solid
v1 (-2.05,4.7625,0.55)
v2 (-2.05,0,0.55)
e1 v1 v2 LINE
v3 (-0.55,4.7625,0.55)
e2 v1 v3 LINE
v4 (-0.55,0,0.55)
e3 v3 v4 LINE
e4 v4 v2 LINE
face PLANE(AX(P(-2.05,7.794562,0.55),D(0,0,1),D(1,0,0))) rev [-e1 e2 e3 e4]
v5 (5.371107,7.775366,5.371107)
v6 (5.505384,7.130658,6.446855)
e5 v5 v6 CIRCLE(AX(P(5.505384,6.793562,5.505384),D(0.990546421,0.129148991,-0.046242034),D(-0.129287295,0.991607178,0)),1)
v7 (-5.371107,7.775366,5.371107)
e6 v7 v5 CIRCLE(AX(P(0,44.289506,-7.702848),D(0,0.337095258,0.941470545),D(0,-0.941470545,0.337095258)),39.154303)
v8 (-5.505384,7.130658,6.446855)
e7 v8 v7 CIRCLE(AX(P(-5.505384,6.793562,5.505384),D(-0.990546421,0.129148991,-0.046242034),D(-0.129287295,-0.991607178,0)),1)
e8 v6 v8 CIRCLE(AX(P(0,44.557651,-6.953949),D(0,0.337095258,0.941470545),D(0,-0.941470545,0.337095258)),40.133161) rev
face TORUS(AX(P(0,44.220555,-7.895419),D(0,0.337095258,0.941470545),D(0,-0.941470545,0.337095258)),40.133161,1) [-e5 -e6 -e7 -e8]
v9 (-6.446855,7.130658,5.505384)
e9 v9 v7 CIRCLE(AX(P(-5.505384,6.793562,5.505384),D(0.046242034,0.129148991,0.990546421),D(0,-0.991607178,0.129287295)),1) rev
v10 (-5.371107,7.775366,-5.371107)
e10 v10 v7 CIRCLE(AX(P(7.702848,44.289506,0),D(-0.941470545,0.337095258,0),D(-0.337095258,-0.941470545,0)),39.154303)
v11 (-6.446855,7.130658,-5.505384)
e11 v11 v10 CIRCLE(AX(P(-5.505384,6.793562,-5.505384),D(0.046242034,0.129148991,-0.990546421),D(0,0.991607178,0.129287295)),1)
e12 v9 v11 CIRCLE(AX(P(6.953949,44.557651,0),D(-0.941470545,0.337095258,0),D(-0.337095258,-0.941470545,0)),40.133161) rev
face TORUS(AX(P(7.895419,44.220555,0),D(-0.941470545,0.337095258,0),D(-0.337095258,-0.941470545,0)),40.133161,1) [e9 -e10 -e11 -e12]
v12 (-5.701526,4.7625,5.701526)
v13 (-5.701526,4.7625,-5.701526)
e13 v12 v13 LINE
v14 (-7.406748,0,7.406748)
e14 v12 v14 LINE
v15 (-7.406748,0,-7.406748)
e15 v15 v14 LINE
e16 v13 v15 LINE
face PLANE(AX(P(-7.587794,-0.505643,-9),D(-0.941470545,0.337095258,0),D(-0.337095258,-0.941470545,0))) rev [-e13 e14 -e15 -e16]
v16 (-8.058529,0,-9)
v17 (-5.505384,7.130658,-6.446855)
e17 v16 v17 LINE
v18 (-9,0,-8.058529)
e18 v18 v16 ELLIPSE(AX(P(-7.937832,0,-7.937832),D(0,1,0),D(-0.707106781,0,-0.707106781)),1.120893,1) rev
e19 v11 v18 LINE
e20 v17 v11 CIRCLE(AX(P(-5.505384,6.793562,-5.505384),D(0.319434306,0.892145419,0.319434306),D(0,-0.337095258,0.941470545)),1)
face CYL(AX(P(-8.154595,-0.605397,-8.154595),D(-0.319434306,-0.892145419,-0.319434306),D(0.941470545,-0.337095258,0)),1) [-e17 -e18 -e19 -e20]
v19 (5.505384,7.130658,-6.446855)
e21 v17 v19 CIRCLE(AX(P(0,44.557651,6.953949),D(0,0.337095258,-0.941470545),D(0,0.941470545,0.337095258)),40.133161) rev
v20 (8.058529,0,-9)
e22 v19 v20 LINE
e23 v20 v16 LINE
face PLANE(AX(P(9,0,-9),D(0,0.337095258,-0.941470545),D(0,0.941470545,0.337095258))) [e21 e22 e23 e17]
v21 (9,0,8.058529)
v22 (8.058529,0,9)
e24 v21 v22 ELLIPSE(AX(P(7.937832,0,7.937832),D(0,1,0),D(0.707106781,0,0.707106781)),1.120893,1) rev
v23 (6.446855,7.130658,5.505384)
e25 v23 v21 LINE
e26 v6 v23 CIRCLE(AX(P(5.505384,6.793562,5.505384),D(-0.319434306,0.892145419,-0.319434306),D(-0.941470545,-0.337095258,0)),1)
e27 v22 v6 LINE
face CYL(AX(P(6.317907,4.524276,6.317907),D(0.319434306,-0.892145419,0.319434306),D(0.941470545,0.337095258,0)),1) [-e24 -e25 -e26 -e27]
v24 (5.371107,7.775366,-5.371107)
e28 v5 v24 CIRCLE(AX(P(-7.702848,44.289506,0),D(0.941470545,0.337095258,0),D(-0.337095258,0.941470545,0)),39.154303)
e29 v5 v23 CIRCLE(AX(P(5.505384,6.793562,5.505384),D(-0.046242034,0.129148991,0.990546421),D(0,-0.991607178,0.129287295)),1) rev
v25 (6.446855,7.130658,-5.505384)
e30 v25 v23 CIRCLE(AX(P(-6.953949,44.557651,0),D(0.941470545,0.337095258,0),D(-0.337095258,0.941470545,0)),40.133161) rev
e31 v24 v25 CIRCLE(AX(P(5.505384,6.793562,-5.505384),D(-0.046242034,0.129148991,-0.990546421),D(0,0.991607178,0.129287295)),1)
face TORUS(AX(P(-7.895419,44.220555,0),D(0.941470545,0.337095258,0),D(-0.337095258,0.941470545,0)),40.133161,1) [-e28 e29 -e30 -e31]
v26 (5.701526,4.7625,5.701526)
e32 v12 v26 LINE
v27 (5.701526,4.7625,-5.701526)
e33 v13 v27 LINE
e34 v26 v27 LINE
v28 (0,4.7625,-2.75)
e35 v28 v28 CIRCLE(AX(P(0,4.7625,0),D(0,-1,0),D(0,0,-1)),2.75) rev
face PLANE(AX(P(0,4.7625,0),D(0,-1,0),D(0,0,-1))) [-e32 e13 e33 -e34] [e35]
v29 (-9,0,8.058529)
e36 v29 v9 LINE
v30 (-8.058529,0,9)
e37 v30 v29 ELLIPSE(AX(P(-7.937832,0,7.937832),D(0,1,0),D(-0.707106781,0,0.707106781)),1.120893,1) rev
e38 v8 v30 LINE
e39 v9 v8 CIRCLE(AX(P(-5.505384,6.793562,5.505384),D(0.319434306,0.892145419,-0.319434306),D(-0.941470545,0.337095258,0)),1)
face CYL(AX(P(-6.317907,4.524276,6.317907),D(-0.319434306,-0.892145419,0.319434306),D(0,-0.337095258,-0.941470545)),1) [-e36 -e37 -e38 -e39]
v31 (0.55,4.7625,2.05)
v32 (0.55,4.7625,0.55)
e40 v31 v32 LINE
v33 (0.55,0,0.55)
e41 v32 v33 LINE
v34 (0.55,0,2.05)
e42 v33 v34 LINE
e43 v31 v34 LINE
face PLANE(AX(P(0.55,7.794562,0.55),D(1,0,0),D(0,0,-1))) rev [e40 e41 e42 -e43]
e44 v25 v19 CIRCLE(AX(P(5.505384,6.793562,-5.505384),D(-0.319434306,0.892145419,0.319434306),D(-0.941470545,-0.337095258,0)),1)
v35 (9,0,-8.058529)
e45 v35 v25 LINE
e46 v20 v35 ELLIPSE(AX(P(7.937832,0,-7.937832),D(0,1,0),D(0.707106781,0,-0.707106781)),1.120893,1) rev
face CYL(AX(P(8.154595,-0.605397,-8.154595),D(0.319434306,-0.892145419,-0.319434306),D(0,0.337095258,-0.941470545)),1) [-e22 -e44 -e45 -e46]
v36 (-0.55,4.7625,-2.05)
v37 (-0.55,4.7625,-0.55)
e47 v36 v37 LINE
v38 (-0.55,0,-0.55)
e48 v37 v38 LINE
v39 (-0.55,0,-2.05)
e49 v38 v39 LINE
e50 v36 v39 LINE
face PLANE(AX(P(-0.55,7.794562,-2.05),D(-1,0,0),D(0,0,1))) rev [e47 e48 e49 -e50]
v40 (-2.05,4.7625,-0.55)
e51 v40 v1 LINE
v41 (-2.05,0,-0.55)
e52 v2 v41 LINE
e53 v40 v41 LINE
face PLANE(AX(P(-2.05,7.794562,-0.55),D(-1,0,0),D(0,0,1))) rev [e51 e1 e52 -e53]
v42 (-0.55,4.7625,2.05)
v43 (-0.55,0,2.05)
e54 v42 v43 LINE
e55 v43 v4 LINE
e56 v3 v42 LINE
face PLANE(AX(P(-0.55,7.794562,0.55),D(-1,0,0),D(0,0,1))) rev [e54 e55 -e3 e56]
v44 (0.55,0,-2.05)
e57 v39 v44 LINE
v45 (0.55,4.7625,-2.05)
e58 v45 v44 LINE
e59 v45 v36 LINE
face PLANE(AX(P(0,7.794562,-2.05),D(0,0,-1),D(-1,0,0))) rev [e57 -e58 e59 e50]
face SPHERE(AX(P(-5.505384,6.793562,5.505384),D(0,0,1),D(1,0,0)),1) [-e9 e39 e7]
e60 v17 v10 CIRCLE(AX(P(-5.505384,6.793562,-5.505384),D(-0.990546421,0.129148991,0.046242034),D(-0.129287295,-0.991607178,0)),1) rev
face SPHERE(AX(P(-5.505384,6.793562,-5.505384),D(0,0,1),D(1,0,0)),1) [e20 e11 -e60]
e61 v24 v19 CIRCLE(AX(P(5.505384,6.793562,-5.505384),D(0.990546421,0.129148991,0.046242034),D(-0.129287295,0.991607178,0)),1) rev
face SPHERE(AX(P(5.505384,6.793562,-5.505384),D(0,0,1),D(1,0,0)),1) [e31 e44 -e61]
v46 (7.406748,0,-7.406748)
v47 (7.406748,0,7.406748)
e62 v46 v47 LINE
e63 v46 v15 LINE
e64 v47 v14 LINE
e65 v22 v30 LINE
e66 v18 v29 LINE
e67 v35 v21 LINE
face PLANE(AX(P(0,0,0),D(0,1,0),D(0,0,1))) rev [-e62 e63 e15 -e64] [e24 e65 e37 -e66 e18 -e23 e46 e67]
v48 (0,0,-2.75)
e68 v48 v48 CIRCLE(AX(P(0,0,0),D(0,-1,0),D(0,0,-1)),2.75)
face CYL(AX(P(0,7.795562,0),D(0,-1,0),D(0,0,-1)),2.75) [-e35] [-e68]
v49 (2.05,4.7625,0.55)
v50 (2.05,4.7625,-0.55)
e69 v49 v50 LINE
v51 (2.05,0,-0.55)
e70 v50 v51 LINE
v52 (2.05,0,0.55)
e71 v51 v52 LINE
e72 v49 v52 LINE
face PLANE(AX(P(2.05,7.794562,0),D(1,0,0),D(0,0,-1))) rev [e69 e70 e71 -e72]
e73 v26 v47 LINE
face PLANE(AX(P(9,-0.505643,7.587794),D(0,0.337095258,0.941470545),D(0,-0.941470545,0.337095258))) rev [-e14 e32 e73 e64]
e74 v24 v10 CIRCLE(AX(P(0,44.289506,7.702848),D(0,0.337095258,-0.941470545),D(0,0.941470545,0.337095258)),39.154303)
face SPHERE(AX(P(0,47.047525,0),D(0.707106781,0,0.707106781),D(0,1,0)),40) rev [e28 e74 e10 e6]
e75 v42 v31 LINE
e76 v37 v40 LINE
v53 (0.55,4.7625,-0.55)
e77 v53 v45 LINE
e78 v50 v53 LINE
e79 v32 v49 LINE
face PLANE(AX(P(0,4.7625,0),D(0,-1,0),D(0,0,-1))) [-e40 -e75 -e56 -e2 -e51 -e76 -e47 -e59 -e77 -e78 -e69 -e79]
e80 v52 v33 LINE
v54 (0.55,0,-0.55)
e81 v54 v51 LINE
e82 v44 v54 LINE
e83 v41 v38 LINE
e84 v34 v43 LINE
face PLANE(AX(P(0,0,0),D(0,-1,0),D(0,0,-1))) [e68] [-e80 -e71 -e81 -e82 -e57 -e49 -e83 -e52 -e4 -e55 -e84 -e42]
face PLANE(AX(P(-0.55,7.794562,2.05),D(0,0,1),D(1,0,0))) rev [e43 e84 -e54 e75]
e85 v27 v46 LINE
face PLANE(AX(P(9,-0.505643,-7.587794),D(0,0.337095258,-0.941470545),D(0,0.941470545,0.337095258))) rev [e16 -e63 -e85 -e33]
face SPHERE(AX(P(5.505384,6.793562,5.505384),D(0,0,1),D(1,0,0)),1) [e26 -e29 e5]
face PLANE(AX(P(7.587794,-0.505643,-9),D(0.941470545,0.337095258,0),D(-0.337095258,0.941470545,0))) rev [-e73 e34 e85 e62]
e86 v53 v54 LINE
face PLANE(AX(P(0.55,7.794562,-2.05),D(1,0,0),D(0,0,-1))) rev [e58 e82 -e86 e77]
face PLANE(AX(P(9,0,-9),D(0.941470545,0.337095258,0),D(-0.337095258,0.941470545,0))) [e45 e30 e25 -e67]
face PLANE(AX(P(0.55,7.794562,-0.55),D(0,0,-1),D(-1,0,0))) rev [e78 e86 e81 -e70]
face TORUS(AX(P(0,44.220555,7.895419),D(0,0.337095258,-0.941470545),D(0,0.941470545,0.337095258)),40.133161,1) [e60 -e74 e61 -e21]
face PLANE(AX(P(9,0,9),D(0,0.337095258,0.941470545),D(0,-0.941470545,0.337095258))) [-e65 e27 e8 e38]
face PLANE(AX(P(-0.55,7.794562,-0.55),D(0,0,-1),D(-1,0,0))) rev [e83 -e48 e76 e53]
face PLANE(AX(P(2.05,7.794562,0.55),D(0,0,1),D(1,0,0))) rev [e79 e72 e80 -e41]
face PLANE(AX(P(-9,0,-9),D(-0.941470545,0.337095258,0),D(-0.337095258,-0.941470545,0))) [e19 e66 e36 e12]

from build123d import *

# Parameters (mm, degrees)
BOSS_EXTRUDE1_DEPTH      = 8
BOSS_EXTRUDE1_TAPER      = 19.700000000000042
FILLET1_R                = 1
SHELL1_T                 = -1.5
BOSS_EXTRUDE2_REACH      = 16.924
BOSS_EXTRUDE2_END_RADIUS = 41.49999999999999
SKETCH4_R                = 2.75
SKETCH4_R_2              = 2
CUT_EXTRUDE2_REACH       = 16.924
CUT_EXTRUDE2_END_RADIUS  = 41.49999999999999
BOSS_EXTRUDE3_START      = -1.43836
SKETCH8_W                = 12.593266454489342
SKETCH8_H                = 12.593266454489337
BOSS_EXTRUDE3_DEPTH      = 1.43836


with BuildPart() as part:
    # Sketch1 → Boss-Extrude1 (new body)
    with BuildSketch(Plane(origin=(0, 0, 0), x_dir=(1, 0, 0), z_dir=(0, 1, 0))):
        Polygon((8.999999999999996, 9.000000000000002), (-9.000000000000004, 8.999999999999998), (-9, -9.000000000000002), (9, -9), align=None)
    extrude(amount=BOSS_EXTRUDE1_DEPTH, taper=BOSS_EXTRUDE1_TAPER)

    # Sketch3 → Cut-Revolve2 (revolve, cut)
    with BuildSketch(Plane(origin=(0, 0, 0), x_dir=(-0.7071067811865476, 0, -0.7071067811865476), z_dir=(0.7071067811865476, 0, -0.7071067811865476))):
        with BuildLine():
            Line((-40, 47.04752471069329), (40, 47.04752471069329))
            ThreePointArc((40, 47.04752471069329), (-7.35e-15, 7.047524710693288), (-40, 47.04752471069329))
        make_face()
    revolve(axis=Axis((28.2842712474619, 47.04752471069329, 28.2842712474619), (-0.7071067811865476, 0, -0.7071067811865476)), mode=Mode.SUBTRACT)

    # Fillet1
    fillet1_edges = [part.edges().sort_by_distance(p)[0] for p in [
        (-3.7925e-13, 7.546443435071887, 6.297982062276191),
        (6.297982062276188, 7.546443435071887, 3.606e-13),
        (-6.297982062276191, 7.5464434350718905, -3.5616e-13),
        (3.7481e-13, 7.546443435071887, -6.297982062276189),
        (7.567792650420588, 4, 7.567792650420591),
        (7.5677926504205875, 4, -7.567792650420591),
        (-7.567792650420594, 4, -7.567792650420589),
        (-7.567792650420591, 4, 7.567792650420593),
    ]]
    fillet(fillet1_edges, radius=FILLET1_R)

    # Shell1
    shell1_openings = [part.faces().sort_by_distance(p)[0] for p in [
        (0, 0, 0),
    ]]
    offset(amount=SHELL1_T, openings=shell1_openings)

    # Boss-Extrude2: up to this sphere (the profile starts outside it)
    boss_extrude2_end = Location((0, 47.04752471069329, 0)) * Sphere(BOSS_EXTRUDE2_END_RADIUS, mode=Mode.PRIVATE)
    # Sketch4 → Boss-Extrude2 (add, up to the surface)
    with BuildSketch(Plane.XZ, mode=Mode.PRIVATE) as boss_extrude2_sk1:
        with Locations(Location((0, 0, 0), (0, 0, 270))):
            Circle(SKETCH4_R)
        Circle(SKETCH4_R_2, mode=Mode.SUBTRACT)
    boss_extrude2_tool1 = extrude(boss_extrude2_sk1.sketch, amount=-BOSS_EXTRUDE2_REACH, mode=Mode.PRIVATE) - boss_extrude2_end
    add(boss_extrude2_tool1.solids().sort_by_distance((0, 0, 2.672218))[0])
    # Sketch4 → Boss-Extrude2 (add, up to the surface)
    with BuildSketch(Plane.XZ, mode=Mode.PRIVATE) as boss_extrude2_sk2:
        Circle(SKETCH4_R_2)
    boss_extrude2_tool2 = extrude(boss_extrude2_sk2.sketch, amount=-BOSS_EXTRUDE2_REACH, mode=Mode.PRIVATE) - boss_extrude2_end
    add(boss_extrude2_tool2.solids().sort_by_distance((0, 0, 0))[0])

    # Cut-Extrude2: up to this sphere (the profile starts outside it)
    cut_extrude2_end = Location((0, 47.04752471069329, 0)) * Sphere(CUT_EXTRUDE2_END_RADIUS, mode=Mode.PRIVATE)
    # Sketch6 → Cut-Extrude2 (cut, up to the surface)
    with BuildSketch(Plane.XZ, mode=Mode.PRIVATE) as cut_extrude2_sk1:
        Polygon((-1.1e-16, -2.05), (-0.5500000000000002, -2.05), (-0.5500000000000002, -0.5500000000000002), (-2.05, -0.5500000000000005), (-2.05, -4.3e-16), (-2.05, 0.5499999999999996), (-0.5500000000000002, 0.5499999999999997), (-0.5500000000000002, 2.0499999999999994), (-1.1e-16, 2.0499999999999994), (0.5500000000000002, 2.0499999999999994), (0.5500000000000002, 0.5499999999999997), (2.05, 0.55), (2.0499999999999994, -2.1e-16), (2.05, -0.55), (0.55, -0.55), (0.5499999999999999, -2.0499999999999994), align=None)
    cut_extrude2_tool1 = extrude(cut_extrude2_sk1.sketch, amount=-CUT_EXTRUDE2_REACH, mode=Mode.PRIVATE) - cut_extrude2_end
    add(cut_extrude2_tool1.solids().sort_by_distance((0, 0, 0))[0], mode=Mode.SUBTRACT)

    # Sketch8 → Boss-Extrude3 (add)
    with BuildSketch(Plane(origin=(0, 4.7625, 0), x_dir=(-1, 0, 0), z_dir=(0, -1, 0)).offset(BOSS_EXTRUDE3_START)):
        Rectangle(SKETCH8_W, SKETCH8_H)
    extrude(amount=BOSS_EXTRUDE3_DEPTH)


solid = part.part
